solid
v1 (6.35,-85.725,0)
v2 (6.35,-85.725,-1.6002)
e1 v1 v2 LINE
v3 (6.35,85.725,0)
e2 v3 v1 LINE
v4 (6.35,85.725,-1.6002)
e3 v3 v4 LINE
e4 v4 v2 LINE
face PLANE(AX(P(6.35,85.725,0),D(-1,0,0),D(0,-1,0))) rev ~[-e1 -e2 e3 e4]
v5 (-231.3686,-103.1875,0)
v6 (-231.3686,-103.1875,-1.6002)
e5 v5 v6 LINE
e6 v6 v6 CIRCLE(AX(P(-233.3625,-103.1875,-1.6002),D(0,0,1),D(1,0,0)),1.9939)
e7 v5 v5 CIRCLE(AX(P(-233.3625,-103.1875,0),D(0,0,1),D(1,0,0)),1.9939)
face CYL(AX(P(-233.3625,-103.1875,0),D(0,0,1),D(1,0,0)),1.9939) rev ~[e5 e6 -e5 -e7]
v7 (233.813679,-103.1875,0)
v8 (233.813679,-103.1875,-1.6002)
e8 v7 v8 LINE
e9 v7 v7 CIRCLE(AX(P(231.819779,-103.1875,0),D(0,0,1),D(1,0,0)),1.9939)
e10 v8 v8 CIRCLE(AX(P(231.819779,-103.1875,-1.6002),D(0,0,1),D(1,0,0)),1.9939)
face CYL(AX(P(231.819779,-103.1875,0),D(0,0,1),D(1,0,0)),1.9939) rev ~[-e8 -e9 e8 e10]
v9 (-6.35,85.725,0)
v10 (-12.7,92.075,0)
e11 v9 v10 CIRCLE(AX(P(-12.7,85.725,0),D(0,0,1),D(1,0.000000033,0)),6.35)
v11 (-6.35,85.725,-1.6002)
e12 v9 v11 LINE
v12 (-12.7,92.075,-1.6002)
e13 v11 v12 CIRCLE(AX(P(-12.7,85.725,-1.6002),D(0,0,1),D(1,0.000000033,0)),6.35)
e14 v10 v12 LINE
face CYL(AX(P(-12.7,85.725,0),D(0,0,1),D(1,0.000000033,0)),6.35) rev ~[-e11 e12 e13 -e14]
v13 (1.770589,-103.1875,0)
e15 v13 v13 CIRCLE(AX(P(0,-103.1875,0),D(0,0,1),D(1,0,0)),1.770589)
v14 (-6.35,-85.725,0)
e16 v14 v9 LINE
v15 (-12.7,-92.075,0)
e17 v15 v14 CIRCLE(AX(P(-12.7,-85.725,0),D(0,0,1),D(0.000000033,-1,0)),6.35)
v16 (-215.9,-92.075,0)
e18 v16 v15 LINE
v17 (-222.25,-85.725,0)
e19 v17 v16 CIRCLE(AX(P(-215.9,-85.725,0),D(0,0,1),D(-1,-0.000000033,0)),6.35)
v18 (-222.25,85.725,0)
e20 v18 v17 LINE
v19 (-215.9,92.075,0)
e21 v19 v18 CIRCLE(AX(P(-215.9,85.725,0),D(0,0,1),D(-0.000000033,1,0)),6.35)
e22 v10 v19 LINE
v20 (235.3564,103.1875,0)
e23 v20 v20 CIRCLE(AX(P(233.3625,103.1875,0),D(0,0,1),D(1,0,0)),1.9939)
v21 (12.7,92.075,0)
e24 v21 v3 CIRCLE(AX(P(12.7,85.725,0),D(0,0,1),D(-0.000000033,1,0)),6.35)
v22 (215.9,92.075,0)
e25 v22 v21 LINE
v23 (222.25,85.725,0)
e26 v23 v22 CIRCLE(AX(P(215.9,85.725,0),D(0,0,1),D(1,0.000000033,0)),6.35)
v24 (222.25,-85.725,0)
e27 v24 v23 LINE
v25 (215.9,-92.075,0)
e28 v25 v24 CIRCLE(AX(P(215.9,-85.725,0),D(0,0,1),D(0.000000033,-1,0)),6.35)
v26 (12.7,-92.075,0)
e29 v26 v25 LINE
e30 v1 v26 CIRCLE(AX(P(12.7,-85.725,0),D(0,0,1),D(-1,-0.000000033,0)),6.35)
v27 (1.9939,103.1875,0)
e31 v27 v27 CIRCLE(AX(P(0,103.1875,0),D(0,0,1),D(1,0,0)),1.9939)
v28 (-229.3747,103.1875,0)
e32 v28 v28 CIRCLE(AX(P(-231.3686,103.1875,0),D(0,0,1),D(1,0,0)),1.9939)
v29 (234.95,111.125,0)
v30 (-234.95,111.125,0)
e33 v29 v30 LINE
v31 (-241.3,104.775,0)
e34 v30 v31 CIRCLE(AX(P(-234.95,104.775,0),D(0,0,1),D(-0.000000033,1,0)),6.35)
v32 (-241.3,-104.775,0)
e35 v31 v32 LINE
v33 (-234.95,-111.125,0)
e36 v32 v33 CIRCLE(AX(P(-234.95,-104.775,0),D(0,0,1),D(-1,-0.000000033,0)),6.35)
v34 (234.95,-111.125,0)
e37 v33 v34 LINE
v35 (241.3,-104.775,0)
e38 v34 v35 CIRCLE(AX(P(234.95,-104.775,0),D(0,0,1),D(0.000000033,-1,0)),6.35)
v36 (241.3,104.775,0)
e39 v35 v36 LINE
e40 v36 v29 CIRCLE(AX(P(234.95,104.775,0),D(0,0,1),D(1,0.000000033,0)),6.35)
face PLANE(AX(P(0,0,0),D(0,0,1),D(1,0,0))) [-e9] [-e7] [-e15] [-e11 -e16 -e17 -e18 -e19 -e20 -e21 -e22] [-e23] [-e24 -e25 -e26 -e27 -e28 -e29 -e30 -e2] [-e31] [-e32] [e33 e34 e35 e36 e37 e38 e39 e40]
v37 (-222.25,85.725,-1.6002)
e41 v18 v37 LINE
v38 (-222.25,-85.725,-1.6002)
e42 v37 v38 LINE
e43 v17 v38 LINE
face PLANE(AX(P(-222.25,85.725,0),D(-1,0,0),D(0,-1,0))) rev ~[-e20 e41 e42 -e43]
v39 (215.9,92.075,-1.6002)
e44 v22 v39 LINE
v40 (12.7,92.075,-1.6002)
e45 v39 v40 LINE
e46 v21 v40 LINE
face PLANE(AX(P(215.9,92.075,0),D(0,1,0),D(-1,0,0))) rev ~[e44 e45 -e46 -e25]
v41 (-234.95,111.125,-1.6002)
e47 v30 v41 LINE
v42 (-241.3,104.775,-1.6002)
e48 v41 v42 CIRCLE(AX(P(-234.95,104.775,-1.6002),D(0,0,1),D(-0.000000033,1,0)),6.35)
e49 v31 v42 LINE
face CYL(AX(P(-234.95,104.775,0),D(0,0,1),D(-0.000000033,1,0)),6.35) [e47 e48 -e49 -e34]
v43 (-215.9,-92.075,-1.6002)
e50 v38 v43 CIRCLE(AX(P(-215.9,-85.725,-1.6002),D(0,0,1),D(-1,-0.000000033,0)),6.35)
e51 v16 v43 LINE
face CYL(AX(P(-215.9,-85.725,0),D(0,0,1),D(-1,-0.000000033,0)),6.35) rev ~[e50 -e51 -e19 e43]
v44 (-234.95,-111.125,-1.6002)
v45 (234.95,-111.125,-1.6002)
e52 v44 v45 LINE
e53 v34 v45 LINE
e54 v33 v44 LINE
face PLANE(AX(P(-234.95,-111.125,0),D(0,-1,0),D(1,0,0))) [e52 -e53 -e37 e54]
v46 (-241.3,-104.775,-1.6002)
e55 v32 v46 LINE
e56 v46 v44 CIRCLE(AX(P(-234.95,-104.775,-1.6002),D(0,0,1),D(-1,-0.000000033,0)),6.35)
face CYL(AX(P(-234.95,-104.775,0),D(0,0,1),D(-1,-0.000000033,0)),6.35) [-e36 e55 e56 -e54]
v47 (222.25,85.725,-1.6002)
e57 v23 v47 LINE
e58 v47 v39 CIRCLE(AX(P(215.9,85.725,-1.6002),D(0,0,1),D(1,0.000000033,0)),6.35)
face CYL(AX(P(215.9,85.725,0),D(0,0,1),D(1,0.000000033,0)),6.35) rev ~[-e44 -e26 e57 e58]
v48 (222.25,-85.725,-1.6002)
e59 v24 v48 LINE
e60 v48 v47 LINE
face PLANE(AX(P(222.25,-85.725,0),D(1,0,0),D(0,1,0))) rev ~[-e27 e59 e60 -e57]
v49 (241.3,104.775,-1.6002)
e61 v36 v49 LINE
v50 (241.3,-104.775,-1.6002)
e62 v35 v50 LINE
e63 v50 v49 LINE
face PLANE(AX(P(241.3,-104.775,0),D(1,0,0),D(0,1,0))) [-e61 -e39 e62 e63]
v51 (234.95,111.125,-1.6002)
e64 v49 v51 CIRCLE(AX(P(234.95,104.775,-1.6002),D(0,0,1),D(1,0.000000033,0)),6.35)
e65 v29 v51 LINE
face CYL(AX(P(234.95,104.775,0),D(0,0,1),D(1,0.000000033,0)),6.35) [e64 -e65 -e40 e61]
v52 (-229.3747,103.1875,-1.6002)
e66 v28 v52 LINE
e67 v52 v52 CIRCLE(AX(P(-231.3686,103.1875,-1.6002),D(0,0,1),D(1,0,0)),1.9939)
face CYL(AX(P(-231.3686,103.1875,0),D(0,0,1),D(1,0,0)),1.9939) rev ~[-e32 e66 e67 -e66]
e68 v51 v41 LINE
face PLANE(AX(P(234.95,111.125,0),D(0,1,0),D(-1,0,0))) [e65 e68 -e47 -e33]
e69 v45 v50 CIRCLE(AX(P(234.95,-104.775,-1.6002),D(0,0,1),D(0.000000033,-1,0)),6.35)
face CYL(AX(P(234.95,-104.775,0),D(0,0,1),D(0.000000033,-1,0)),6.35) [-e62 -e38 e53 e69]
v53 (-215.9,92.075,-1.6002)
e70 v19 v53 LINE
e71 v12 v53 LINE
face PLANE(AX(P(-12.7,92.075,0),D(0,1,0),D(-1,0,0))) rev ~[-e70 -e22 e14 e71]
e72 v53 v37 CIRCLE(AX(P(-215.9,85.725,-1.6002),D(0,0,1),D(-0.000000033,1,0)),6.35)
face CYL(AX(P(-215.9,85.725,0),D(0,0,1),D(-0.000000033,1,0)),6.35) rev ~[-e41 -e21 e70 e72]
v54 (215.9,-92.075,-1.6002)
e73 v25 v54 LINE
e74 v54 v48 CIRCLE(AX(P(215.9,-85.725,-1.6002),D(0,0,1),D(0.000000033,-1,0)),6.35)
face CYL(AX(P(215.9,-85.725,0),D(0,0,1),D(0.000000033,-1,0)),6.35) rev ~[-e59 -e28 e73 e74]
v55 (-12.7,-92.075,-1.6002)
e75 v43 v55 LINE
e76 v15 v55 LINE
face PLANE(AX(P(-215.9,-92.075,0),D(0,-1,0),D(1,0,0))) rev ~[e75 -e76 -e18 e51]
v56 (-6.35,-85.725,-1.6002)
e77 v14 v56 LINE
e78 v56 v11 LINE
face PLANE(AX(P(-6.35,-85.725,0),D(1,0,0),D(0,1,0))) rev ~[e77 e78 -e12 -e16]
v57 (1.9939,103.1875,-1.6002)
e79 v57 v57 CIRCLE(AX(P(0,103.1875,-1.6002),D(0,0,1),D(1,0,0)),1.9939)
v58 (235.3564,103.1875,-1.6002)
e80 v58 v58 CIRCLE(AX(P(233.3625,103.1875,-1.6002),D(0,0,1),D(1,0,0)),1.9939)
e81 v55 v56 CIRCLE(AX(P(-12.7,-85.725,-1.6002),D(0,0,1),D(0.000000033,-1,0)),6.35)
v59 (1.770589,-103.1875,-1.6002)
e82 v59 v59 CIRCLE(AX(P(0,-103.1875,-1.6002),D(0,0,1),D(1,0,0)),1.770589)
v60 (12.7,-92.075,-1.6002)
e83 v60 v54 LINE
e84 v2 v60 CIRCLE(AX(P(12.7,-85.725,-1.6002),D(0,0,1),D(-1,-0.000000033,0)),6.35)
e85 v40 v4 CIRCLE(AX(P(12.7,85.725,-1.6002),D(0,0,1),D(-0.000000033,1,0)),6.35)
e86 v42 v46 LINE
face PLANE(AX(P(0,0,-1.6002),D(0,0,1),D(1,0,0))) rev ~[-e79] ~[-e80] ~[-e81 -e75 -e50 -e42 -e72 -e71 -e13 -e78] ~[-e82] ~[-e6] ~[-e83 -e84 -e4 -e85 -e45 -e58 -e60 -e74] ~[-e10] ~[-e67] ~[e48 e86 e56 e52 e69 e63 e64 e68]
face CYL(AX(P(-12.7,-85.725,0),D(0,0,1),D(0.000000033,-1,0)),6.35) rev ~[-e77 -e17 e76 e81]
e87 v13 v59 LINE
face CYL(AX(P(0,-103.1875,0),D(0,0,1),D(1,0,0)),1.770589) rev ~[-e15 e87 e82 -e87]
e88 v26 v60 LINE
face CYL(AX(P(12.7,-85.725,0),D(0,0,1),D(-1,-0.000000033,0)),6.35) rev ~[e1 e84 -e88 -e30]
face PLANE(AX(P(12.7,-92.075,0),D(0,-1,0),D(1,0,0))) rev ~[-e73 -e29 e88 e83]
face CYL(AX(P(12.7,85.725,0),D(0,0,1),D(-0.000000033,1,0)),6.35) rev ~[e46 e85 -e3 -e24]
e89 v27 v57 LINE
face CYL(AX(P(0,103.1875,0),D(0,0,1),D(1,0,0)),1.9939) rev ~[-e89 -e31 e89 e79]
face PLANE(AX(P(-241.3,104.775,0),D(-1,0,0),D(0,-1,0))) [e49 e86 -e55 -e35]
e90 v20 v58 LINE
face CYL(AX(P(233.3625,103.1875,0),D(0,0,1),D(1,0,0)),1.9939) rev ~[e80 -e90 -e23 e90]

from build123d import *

# Parameters (mm, degrees)
F1_DEPTH = 1.6002
F3_DEPTH = 1.6012
F4_R     = 1.9939
F4_R_2   = 1.770589
F5_DEPTH = 1.6012


with BuildPart() as f1:
    # F0 (on Top) → F1 (new body)
    with BuildSketch(Plane.XY):
        with BuildLine():
            ThreePointArc((-241.3, -104.775), (-239.440128, -109.265128), (-234.95, -111.125))
            Line((-234.95, -111.125), (234.95, -111.125))
            ThreePointArc((234.95, -111.125), (239.440128, -109.265128), (241.3, -104.775))
            Line((241.3, -104.775), (241.3, 104.775))
            ThreePointArc((241.3, 104.775), (239.440128, 109.265128), (234.95, 111.125))
            Line((234.95, 111.125), (-234.95, 111.125))
            ThreePointArc((-234.95, 111.125), (-239.440128, 109.265128), (-241.3, 104.775))
            Line((-241.3, 104.775), (-241.3, -104.775))
        make_face()
    extrude(amount=-F1_DEPTH)

    # F2 (on face) → F3 (cut, through all)
    with BuildSketch(Plane.XY):
        with BuildLine():
            ThreePointArc((-222.25, -85.725), (-220.390128, -90.215128), (-215.9, -92.075))
            Line((-215.9, -92.075), (-12.7, -92.075))
            ThreePointArc((-12.7, -92.075), (-8.209872, -90.215128), (-6.35, -85.725))
            Line((-6.35, -85.725), (-6.35, 85.725))
            ThreePointArc((-6.35, 85.725), (-8.209872, 90.215128), (-12.7, 92.075))
            Line((-12.7, 92.075), (-215.9, 92.075))
            ThreePointArc((-215.9, 92.075), (-220.390128, 90.215128), (-222.25, 85.725))
            Line((-222.25, 85.725), (-222.25, -85.725))
        make_face()
        with BuildLine():
            ThreePointArc((215.9, -92.075), (220.390128, -90.215128), (222.25, -85.725))
            Line((222.25, -85.725), (222.25, 85.725))
            ThreePointArc((222.25, 85.725), (220.390128, 90.215128), (215.9, 92.075))
            Line((215.9, 92.075), (12.7, 92.075))
            ThreePointArc((12.7, 92.075), (8.209872, 90.215128), (6.35, 85.725))
            Line((6.35, 85.725), (6.35, -85.725))
            ThreePointArc((6.35, -85.725), (8.209872, -90.215128), (12.7, -92.075))
            Line((12.7, -92.075), (215.9, -92.075))
        make_face()
    extrude(amount=-F3_DEPTH, mode=Mode.SUBTRACT)

    # F4 (on face) → F5 (cut, through all)
    with BuildSketch(Plane.XY):
        with Locations((-231.3686, 103.1875)):
            Circle(F4_R)
        with Locations((0, -103.1875)):
            Circle(F4_R_2)
        with Locations((0, 103.1875)):
            Circle(F4_R)
        with Locations((233.3625, 103.1875)):
            Circle(F4_R)
        with Locations((231.819779, -103.1875)):
            Circle(F4_R)
        with Locations((-233.3625, -103.1875)):
            Circle(F4_R)
    extrude(amount=-F5_DEPTH, mode=Mode.SUBTRACT)


solid = f1.part
